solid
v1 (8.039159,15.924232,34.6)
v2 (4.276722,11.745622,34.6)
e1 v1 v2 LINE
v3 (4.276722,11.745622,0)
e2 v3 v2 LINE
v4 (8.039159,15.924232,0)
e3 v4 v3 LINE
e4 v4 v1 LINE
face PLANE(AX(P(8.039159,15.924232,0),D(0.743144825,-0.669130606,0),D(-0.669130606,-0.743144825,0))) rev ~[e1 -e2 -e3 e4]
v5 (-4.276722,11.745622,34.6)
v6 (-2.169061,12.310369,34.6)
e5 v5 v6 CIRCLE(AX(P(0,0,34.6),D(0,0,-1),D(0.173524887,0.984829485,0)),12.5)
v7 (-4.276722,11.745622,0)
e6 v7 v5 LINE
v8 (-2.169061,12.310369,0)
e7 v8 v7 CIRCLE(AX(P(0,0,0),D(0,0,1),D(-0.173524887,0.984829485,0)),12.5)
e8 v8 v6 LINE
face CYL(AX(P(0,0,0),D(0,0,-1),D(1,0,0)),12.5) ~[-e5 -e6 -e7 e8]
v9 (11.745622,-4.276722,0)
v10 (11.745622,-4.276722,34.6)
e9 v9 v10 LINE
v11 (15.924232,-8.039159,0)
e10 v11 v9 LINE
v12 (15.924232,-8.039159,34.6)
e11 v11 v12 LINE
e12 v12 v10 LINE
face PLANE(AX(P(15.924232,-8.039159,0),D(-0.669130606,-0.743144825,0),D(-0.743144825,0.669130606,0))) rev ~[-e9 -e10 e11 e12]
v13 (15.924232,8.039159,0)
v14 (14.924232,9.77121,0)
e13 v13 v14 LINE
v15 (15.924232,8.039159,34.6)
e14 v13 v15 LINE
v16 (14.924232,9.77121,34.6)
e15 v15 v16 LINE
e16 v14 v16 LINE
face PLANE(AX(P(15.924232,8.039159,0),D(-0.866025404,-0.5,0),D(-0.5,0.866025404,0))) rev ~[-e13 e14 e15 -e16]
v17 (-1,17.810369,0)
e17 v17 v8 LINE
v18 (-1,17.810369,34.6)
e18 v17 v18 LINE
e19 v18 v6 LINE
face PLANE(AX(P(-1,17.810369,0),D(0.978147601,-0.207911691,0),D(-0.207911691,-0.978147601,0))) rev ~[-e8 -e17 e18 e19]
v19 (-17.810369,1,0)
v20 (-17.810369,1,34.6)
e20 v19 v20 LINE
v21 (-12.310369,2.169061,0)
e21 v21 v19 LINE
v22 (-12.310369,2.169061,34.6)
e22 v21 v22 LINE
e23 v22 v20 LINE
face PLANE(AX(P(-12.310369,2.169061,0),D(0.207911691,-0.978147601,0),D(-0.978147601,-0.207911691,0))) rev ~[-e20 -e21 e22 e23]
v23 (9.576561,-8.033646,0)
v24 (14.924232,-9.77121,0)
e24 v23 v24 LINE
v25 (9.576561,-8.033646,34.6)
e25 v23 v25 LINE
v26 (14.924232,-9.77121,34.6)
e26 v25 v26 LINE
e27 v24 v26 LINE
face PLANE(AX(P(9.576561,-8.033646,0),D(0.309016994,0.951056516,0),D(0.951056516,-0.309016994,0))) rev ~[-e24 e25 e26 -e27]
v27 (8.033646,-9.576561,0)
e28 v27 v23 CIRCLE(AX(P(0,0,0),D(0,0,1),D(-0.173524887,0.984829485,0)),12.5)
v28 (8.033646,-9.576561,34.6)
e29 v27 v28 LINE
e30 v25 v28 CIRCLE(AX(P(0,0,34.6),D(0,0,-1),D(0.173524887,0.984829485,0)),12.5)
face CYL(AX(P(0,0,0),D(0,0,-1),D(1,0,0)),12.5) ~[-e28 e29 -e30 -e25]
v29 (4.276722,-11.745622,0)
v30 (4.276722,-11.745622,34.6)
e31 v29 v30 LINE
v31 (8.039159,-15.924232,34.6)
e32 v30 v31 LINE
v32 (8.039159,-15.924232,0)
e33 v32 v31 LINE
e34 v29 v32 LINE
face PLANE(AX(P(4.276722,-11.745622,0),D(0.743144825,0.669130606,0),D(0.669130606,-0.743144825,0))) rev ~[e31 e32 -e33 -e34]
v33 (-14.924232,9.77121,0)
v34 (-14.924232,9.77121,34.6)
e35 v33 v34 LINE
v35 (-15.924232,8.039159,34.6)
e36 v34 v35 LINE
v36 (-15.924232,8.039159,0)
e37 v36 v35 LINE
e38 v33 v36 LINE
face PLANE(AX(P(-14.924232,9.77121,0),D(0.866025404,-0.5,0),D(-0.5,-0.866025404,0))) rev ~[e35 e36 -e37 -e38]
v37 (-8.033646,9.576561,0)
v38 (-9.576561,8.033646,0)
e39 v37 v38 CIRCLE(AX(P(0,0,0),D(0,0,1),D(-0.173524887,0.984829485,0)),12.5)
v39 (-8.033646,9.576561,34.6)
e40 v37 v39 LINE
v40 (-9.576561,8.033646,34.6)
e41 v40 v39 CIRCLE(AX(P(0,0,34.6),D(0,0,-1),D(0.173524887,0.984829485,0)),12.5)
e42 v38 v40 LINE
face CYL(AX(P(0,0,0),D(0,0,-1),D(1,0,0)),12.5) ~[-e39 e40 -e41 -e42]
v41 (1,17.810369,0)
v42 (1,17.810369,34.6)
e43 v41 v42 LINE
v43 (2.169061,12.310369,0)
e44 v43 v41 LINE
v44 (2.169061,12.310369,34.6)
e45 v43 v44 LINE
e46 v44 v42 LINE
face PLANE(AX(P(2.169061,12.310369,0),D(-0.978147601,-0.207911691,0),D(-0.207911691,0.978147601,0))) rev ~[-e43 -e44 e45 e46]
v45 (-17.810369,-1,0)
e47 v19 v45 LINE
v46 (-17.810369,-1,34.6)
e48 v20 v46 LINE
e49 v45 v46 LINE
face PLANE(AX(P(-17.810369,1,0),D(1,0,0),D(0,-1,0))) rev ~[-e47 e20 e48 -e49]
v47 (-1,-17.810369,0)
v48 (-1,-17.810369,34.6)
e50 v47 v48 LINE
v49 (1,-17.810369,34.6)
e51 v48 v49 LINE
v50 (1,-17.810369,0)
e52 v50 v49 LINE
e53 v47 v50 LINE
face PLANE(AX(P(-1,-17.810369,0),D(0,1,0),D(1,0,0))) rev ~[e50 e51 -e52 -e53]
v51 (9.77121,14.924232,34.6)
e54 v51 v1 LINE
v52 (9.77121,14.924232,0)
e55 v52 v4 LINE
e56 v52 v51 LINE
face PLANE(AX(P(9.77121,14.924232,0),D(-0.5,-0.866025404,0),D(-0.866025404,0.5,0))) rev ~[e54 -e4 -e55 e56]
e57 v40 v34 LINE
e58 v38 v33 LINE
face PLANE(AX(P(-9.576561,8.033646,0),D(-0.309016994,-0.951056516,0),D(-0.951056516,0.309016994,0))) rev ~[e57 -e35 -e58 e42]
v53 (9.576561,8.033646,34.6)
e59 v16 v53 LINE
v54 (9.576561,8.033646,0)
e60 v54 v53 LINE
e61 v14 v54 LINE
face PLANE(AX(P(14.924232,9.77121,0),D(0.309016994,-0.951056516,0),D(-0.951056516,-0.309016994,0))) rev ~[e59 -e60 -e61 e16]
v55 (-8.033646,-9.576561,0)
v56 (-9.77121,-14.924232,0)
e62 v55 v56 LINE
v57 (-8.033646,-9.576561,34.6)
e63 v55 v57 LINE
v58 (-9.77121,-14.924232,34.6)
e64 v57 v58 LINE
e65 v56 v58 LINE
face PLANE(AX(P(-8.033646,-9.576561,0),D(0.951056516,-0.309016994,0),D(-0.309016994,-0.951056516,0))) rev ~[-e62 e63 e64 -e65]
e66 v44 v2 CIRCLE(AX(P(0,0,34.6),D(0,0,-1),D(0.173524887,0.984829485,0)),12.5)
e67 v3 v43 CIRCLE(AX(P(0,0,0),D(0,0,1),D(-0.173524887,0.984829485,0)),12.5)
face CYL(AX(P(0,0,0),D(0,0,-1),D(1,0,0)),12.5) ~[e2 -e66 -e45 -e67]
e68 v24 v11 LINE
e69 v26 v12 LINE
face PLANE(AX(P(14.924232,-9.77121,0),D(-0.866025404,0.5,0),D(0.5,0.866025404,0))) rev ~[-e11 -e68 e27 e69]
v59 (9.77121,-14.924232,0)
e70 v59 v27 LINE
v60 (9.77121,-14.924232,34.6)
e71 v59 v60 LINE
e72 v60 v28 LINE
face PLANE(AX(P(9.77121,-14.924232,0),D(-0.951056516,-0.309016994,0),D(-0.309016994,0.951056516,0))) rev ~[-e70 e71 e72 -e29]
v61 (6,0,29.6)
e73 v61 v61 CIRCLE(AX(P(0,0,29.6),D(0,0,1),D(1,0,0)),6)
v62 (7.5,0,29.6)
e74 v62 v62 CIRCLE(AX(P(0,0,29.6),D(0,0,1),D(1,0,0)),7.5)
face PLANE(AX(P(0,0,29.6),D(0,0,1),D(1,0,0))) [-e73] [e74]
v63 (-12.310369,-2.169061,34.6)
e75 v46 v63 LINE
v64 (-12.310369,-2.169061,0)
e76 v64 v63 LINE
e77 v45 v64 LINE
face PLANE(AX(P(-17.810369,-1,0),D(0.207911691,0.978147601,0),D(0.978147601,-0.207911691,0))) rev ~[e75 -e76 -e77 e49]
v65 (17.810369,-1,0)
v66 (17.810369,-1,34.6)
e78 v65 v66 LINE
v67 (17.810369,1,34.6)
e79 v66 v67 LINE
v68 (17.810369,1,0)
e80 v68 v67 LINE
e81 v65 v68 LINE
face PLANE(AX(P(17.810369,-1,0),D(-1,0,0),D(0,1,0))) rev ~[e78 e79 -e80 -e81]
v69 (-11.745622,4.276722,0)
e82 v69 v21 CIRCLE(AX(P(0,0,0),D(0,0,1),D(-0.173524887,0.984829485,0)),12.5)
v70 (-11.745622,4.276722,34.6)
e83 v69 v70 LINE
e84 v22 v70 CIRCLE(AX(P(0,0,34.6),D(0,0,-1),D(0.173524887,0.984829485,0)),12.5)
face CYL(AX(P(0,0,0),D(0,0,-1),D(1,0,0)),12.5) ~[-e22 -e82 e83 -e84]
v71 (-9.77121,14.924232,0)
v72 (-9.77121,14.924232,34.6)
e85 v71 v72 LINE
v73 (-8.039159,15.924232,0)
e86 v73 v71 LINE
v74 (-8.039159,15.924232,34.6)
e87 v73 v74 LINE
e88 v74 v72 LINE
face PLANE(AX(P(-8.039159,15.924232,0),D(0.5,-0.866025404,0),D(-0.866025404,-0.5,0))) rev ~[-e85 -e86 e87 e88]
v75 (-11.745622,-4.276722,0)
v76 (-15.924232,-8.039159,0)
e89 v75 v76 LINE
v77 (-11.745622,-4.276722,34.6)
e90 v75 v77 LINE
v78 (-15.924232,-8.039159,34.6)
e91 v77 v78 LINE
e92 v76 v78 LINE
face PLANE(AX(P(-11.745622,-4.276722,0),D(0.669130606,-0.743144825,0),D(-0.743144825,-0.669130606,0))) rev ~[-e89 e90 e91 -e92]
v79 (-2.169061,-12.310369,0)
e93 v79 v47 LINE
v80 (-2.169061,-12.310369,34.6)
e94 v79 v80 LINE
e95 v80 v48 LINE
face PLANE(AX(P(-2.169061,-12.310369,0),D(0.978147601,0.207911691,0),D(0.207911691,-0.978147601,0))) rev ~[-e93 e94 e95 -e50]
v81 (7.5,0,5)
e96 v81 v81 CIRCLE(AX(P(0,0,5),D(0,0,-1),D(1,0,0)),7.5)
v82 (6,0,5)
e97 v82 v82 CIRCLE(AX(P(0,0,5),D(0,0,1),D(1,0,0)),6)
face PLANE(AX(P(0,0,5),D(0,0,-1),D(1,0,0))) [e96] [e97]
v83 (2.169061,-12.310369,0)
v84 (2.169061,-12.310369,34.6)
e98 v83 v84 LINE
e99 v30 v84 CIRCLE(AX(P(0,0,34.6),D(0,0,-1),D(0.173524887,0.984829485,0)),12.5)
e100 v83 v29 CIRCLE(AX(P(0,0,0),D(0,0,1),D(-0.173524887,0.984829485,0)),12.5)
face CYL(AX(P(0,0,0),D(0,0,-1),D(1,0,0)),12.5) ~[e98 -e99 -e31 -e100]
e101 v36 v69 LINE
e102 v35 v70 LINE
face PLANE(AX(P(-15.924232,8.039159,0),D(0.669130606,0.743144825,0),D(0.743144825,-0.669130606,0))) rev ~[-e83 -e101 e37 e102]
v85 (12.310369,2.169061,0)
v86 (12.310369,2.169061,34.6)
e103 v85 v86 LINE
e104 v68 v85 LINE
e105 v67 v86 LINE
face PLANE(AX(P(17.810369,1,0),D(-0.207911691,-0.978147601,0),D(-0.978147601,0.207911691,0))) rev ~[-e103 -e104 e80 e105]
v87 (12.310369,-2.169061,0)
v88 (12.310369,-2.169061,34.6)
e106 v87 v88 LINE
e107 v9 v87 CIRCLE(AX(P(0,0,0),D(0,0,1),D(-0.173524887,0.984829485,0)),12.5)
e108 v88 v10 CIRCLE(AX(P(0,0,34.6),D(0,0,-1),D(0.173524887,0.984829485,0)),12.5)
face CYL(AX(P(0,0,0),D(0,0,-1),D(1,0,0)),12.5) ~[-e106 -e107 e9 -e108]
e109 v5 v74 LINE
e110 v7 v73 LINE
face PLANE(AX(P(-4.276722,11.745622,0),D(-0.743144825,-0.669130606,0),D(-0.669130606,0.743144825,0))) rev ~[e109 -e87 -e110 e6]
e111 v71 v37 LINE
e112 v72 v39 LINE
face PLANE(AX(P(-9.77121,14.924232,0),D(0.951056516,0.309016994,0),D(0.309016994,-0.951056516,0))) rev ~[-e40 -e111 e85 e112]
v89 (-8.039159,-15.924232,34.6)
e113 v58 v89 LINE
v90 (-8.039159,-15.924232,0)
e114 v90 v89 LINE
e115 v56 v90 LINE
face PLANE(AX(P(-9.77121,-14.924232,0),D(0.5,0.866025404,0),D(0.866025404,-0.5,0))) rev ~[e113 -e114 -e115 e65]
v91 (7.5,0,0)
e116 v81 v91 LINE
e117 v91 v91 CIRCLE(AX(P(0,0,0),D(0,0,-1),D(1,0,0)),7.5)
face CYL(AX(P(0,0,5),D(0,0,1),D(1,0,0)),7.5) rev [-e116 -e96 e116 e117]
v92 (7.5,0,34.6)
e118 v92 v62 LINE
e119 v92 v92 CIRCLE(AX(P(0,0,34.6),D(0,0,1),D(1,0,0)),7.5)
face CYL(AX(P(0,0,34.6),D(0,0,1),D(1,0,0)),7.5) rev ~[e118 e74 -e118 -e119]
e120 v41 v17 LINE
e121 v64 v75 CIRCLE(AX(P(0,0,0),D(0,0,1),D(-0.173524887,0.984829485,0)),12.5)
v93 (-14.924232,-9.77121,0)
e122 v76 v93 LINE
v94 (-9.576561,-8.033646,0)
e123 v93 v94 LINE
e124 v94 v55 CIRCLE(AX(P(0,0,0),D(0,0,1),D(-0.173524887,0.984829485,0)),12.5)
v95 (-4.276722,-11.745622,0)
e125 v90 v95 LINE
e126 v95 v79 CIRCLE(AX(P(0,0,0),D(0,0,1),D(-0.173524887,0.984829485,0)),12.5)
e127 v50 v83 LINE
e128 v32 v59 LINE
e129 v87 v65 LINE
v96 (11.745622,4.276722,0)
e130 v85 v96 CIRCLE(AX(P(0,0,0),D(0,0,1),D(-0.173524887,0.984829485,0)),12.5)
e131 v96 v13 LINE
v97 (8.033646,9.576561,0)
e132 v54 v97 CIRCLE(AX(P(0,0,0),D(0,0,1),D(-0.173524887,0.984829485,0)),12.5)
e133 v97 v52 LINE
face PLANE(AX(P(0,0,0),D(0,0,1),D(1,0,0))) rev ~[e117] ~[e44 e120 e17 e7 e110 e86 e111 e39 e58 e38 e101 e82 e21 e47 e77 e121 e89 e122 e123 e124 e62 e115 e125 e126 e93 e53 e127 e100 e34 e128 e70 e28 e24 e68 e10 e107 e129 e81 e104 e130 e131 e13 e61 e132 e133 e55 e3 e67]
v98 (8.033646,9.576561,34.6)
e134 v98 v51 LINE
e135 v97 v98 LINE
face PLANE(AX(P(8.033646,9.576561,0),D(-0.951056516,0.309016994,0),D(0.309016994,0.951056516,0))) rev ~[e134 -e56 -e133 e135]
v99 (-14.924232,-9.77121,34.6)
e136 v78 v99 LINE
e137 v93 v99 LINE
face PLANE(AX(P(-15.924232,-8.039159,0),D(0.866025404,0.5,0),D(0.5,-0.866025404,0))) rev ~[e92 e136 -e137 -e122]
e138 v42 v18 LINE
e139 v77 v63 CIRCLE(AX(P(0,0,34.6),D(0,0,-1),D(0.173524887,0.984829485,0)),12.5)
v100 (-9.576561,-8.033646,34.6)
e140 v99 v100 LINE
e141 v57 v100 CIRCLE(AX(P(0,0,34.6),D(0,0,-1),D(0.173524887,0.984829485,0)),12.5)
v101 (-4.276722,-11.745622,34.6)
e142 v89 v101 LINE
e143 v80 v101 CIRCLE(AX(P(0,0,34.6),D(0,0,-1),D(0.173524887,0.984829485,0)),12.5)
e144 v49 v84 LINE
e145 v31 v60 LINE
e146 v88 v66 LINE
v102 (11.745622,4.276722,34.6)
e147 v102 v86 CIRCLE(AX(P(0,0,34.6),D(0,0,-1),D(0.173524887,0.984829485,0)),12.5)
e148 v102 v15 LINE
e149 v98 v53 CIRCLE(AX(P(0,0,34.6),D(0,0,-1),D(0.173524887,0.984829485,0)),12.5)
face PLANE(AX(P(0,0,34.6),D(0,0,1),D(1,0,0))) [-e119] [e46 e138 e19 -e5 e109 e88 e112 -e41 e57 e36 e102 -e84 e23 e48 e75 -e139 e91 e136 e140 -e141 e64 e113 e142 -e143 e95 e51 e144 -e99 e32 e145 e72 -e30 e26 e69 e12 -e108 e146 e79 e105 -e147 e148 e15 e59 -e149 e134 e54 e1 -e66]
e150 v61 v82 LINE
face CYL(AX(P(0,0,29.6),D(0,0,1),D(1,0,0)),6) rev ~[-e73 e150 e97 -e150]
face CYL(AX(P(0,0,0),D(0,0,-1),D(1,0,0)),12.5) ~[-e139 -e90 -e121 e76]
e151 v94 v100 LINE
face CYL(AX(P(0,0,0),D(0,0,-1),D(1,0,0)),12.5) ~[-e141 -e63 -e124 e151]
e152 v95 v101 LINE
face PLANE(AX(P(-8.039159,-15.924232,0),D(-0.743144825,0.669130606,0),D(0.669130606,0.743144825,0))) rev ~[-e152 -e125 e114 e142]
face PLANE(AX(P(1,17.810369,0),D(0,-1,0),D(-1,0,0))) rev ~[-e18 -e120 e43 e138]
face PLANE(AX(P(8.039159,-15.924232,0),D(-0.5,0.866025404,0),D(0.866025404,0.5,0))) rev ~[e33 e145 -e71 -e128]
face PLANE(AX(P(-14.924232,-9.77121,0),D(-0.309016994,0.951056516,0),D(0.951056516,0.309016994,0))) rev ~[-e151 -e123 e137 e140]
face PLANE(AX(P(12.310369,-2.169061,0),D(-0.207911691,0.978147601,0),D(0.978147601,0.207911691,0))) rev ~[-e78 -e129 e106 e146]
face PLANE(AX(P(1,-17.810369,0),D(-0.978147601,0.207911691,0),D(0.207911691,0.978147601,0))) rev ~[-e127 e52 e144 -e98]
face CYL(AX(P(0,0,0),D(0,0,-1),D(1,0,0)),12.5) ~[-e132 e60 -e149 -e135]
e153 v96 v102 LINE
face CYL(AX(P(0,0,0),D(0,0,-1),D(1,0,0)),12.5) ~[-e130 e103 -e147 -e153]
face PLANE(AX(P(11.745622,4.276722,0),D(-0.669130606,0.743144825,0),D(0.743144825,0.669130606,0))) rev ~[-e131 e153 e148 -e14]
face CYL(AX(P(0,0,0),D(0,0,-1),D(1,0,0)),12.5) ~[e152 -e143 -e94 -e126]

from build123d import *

# Parameters (mm, degrees)
ESQUISSE1_R                  = 12.5
BOSS_EXTRU_1_DEPTH           = 34.6
BOSS_EXTRU_2_START           = -34.6
BOSS_EXTRU_2_DEPTH           = 34.6
R_P_TITION_CIRCULAIRE1_COUNT = 12
ESQUISSE5_R                  = 7.5
ENL_V_MAT_EXTRU_2_DEPTH      = 5
ESQUISSE6_R                  = 6
ENL_V_MAT_EXTRU_3_DEPTH      = 24.6
ENL_V_START                  = -5
ESQUISSE7_R                  = 7.5
ENL_V_MAT_EXTRU_4_DEPTH      = 5


with BuildPart() as part:
    # Esquisse1 → Boss.-Extru.1 (new body)
    with BuildSketch(Plane.XY):
        Circle(ESQUISSE1_R)
    extrude(amount=BOSS_EXTRU_1_DEPTH)

    # Esquisse3 → Boss.-Extru.2 (add)
    with BuildSketch(Plane.XY.offset(34.6).offset(BOSS_EXTRU_2_START)):
        with BuildLine():
            Line((-1, 17.810368556), (-2.169061089, 12.310368556))
            ThreePointArc((-2.169061089, 12.310368556), (0, 12.5), (2.169061089, 12.310368556))
            Line((2.169061089, 12.310368556), (1, 17.810368556))
            Line((1, 17.810368556), (-1, 17.810368556))
        make_face()
    boss_extru_2 = extrude(amount=BOSS_EXTRU_2_DEPTH)

    # Répétition circulaire1: Boss.-Extru.2 ×12 about axis
    r_p_tition_circulaire1_axis = Axis((0, 0, 34.6), (0, 0, -1))
    for i in range(1, R_P_TITION_CIRCULAIRE1_COUNT):
        add(boss_extru_2.rotate(r_p_tition_circulaire1_axis, i * 360 / R_P_TITION_CIRCULAIRE1_COUNT))

    # Esquisse5 → Enlèv. mat.-Extru.2 (cut)
    with BuildSketch(Plane.XY.offset(34.6)):
        Circle(ESQUISSE5_R)
    extrude(amount=-ENL_V_MAT_EXTRU_2_DEPTH, mode=Mode.SUBTRACT)

    # Esquisse6 → Enlèv. mat.-Extru.3 (cut)
    with BuildSketch(Plane.XY.offset(29.6)):
        Circle(ESQUISSE6_R)
    extrude(amount=-ENL_V_MAT_EXTRU_3_DEPTH, mode=Mode.SUBTRACT)

    # Esquisse7 → Enlèv. mat.-Extru.4 (cut)
    with BuildSketch(Plane(origin=(0, 0, 0), x_dir=(-1, 0, 0), z_dir=(0, 0, -1)).offset(ENL_V_START)):
        Circle(ESQUISSE7_R)
    extrude(amount=ENL_V_MAT_EXTRU_4_DEPTH, mode=Mode.SUBTRACT)


solid = part.part
